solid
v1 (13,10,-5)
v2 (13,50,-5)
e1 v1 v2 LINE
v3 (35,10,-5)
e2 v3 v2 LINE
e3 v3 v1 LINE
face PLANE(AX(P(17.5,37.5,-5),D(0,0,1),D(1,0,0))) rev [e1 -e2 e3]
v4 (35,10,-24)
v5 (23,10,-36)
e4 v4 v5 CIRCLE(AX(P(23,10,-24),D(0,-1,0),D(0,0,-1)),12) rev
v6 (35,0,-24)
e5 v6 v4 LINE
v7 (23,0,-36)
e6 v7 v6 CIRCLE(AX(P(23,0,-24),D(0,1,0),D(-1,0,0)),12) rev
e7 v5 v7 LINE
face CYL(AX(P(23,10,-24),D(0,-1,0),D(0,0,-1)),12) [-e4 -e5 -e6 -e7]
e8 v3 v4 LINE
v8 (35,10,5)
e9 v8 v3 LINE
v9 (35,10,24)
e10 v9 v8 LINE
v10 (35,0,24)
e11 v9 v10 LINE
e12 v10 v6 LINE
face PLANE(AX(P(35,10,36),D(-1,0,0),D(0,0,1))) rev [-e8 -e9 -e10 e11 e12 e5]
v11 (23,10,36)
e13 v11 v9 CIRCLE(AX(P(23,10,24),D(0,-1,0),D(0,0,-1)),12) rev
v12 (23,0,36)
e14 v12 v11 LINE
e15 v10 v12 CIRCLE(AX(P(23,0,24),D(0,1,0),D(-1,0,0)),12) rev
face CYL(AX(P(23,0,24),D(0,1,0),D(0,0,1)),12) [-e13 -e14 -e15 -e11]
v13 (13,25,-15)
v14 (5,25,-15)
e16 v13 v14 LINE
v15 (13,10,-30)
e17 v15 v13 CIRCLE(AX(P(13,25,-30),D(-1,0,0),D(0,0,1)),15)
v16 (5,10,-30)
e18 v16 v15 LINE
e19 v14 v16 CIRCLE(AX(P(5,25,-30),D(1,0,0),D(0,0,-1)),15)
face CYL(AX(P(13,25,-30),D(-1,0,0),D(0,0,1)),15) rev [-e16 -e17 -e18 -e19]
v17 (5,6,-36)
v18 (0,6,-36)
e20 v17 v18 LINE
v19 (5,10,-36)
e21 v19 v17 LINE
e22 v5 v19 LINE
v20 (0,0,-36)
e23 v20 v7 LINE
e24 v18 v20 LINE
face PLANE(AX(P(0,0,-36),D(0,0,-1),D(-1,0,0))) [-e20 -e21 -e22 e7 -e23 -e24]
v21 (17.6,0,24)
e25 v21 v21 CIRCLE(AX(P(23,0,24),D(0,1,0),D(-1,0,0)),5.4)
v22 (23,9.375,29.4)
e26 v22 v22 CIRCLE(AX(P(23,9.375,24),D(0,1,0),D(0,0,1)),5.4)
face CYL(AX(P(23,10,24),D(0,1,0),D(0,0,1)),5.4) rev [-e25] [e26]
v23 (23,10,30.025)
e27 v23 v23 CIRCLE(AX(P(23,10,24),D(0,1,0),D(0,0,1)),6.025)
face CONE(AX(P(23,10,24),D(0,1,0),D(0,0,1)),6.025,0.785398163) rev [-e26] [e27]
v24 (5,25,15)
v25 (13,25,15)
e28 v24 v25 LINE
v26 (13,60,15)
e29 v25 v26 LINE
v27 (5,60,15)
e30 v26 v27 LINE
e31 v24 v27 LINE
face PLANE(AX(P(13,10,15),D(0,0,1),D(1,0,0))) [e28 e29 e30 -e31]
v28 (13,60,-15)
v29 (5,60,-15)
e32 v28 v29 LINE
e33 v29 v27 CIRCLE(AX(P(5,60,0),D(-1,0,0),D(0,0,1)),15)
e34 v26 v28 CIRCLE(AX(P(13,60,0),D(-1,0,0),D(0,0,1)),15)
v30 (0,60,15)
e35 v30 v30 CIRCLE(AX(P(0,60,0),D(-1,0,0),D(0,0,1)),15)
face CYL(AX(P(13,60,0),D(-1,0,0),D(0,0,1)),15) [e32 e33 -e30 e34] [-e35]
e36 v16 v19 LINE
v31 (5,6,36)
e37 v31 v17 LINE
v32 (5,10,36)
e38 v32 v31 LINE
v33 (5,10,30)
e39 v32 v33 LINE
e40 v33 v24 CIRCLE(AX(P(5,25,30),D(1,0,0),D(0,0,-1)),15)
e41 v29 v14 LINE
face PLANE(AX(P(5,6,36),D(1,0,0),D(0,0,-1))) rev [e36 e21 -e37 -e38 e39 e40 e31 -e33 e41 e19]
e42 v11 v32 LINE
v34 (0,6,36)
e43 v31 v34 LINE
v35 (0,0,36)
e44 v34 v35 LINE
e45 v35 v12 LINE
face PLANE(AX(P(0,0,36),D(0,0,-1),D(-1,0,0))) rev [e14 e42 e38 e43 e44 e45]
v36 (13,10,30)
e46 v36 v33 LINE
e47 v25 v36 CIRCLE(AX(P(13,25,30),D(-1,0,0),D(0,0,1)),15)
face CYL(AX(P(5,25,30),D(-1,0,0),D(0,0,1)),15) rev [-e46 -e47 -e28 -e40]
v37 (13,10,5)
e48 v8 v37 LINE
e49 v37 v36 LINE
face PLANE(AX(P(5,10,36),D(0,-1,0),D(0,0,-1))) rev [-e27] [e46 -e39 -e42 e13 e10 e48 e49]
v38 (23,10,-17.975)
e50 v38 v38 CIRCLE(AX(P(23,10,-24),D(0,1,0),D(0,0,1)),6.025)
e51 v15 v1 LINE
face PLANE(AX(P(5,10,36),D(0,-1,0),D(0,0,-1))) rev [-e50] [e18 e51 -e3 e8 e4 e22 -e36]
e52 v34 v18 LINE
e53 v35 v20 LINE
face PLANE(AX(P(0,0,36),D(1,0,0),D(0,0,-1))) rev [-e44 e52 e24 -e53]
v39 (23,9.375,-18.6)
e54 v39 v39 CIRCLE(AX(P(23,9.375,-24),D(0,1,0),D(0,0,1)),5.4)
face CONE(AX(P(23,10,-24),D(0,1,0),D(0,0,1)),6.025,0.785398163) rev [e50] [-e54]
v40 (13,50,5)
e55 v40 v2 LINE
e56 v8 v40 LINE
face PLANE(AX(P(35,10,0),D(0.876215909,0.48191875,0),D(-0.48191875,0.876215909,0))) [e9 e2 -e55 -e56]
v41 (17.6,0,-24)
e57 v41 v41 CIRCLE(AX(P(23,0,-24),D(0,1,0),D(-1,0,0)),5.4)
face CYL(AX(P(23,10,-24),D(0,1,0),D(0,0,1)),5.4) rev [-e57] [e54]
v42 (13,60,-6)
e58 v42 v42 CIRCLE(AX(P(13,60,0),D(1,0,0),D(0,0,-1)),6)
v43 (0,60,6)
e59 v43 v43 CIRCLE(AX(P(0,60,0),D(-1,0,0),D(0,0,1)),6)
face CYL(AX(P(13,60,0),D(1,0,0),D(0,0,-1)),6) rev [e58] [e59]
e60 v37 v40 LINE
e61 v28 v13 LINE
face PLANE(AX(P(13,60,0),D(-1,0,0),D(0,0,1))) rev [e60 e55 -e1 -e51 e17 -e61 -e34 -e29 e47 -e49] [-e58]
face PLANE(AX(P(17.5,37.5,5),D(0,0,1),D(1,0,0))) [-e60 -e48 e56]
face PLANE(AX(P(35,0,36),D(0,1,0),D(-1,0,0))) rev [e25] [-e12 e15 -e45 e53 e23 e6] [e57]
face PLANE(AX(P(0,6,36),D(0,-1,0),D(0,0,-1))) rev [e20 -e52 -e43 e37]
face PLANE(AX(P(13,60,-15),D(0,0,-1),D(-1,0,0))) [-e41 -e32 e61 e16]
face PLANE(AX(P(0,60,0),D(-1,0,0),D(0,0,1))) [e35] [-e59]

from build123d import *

# Parameters (mm, degrees)
BOSS_EXTRUDE1_DEPTH               = 36
BOSS_EXTRUDE2_DEPTH               = 8
FILLET1_R                         = 15
BOSS_EXTRUDE3_START               = 5
SKETCH3_R                         = 15
BOSS_EXTRUDE3_DEPTH               = 5
HOLE1_D                           = 12
HOLE1_DEPTH                       = 27.75
FILLET2_R                         = 12
M12X1_25_TAPPED_HOLE1_D           = 10.8
M12X1_25_TAPPED_HOLE1_DEPTH       = 24.505352657
M12X1_25_TAPPED_HOLE1_CSINK_D     = 12.05
M12X1_25_TAPPED_HOLE1_CSINK_ANGLE = 90
M12X1_25_TAPPED_HOLE1_TIP         = 3.244647343
RIB1_REACH                        = 92.255
SKETCH8_WALL_W                    = 228.161236354
SKETCH8_WALL_H                    = 10


with BuildPart() as part:
    # Sketch1 → Boss-Extrude1 (new, symmetric)
    with BuildSketch(Plane.XY):
        Polygon((0, 0), (0, 6), (5, 6), (5, 10), (35, 10), (35, 0), align=None)
    extrude(amount=BOSS_EXTRUDE1_DEPTH, both=True)

    # Sketch2 → Boss-Extrude2 (add)
    with BuildSketch(Plane.ZY.offset(-5)):
        with BuildLine():
            Line((-15, 60), (-15, 10))
            Line((-15, 10), (15, 10))
            Line((15, 10), (15, 60))
            ThreePointArc((15, 60), (0, 75), (-15, 60))
        make_face()
    extrude(amount=-BOSS_EXTRUDE2_DEPTH)

    # Fillet1
    fillet1_edges = [part.edges().sort_by_distance(p)[0] for p in [
        (9, 10, 15),
        (9, 10, -15),
    ]]
    fillet(fillet1_edges, radius=FILLET1_R)

    # Sketch3 → Boss-Extrude3 (add)
    with BuildSketch(Plane.ZY.offset(-5).offset(BOSS_EXTRUDE3_START)):
        with Locations((0, 60)):
            Circle(SKETCH3_R)
    extrude(amount=-BOSS_EXTRUDE3_DEPTH)

    # Hole1
    with Locations(Plane(origin=(13, 0, 0), x_dir=(0, 0, -1), z_dir=(1, 0, 0))):
        with Locations((0, 60)):
            Hole(HOLE1_D / 2, depth=HOLE1_DEPTH)

    # Fillet2
    fillet2_edges = [part.edges().sort_by_distance(p)[0] for p in [
        (35, 5, -36),
        (35, 5, 36),
    ]]
    fillet(fillet2_edges, radius=FILLET2_R)

    # M12x1.25 Tapped Hole1
    with Locations(Plane(origin=(0, 10, 0), x_dir=(1, 0, 0), z_dir=(0, 1, 0))):
        with Locations((23, -24), (23, 24)):
            CounterSinkHole(M12X1_25_TAPPED_HOLE1_D / 2, M12X1_25_TAPPED_HOLE1_CSINK_D / 2, depth=M12X1_25_TAPPED_HOLE1_DEPTH, counter_sink_angle=M12X1_25_TAPPED_HOLE1_CSINK_ANGLE)
            with Locations((0, 0, -(M12X1_25_TAPPED_HOLE1_DEPTH + M12X1_25_TAPPED_HOLE1_TIP / 2))):  # 118° drill point
                Cone(0, M12X1_25_TAPPED_HOLE1_D / 2, M12X1_25_TAPPED_HOLE1_TIP, mode=Mode.SUBTRACT)

    # Sketch8 wall → Rib1 (add, up to next)
    with BuildSketch(Plane(origin=(24, 30, 0), x_dir=(-0.481918749772, 0.876215908677, 0), z_dir=(-0.876215908677, -0.481918749772, 0)), mode=Mode.PRIVATE) as rib1_sk1:
        Rectangle(SKETCH8_WALL_W, SKETCH8_WALL_H)
    rib1_tool1 = extrude(rib1_sk1.sketch, amount=RIB1_REACH, mode=Mode.PRIVATE) - part.part
    add(rib1_tool1.solids().sort_by_distance((24, 30, 0))[0])


solid = part.part
